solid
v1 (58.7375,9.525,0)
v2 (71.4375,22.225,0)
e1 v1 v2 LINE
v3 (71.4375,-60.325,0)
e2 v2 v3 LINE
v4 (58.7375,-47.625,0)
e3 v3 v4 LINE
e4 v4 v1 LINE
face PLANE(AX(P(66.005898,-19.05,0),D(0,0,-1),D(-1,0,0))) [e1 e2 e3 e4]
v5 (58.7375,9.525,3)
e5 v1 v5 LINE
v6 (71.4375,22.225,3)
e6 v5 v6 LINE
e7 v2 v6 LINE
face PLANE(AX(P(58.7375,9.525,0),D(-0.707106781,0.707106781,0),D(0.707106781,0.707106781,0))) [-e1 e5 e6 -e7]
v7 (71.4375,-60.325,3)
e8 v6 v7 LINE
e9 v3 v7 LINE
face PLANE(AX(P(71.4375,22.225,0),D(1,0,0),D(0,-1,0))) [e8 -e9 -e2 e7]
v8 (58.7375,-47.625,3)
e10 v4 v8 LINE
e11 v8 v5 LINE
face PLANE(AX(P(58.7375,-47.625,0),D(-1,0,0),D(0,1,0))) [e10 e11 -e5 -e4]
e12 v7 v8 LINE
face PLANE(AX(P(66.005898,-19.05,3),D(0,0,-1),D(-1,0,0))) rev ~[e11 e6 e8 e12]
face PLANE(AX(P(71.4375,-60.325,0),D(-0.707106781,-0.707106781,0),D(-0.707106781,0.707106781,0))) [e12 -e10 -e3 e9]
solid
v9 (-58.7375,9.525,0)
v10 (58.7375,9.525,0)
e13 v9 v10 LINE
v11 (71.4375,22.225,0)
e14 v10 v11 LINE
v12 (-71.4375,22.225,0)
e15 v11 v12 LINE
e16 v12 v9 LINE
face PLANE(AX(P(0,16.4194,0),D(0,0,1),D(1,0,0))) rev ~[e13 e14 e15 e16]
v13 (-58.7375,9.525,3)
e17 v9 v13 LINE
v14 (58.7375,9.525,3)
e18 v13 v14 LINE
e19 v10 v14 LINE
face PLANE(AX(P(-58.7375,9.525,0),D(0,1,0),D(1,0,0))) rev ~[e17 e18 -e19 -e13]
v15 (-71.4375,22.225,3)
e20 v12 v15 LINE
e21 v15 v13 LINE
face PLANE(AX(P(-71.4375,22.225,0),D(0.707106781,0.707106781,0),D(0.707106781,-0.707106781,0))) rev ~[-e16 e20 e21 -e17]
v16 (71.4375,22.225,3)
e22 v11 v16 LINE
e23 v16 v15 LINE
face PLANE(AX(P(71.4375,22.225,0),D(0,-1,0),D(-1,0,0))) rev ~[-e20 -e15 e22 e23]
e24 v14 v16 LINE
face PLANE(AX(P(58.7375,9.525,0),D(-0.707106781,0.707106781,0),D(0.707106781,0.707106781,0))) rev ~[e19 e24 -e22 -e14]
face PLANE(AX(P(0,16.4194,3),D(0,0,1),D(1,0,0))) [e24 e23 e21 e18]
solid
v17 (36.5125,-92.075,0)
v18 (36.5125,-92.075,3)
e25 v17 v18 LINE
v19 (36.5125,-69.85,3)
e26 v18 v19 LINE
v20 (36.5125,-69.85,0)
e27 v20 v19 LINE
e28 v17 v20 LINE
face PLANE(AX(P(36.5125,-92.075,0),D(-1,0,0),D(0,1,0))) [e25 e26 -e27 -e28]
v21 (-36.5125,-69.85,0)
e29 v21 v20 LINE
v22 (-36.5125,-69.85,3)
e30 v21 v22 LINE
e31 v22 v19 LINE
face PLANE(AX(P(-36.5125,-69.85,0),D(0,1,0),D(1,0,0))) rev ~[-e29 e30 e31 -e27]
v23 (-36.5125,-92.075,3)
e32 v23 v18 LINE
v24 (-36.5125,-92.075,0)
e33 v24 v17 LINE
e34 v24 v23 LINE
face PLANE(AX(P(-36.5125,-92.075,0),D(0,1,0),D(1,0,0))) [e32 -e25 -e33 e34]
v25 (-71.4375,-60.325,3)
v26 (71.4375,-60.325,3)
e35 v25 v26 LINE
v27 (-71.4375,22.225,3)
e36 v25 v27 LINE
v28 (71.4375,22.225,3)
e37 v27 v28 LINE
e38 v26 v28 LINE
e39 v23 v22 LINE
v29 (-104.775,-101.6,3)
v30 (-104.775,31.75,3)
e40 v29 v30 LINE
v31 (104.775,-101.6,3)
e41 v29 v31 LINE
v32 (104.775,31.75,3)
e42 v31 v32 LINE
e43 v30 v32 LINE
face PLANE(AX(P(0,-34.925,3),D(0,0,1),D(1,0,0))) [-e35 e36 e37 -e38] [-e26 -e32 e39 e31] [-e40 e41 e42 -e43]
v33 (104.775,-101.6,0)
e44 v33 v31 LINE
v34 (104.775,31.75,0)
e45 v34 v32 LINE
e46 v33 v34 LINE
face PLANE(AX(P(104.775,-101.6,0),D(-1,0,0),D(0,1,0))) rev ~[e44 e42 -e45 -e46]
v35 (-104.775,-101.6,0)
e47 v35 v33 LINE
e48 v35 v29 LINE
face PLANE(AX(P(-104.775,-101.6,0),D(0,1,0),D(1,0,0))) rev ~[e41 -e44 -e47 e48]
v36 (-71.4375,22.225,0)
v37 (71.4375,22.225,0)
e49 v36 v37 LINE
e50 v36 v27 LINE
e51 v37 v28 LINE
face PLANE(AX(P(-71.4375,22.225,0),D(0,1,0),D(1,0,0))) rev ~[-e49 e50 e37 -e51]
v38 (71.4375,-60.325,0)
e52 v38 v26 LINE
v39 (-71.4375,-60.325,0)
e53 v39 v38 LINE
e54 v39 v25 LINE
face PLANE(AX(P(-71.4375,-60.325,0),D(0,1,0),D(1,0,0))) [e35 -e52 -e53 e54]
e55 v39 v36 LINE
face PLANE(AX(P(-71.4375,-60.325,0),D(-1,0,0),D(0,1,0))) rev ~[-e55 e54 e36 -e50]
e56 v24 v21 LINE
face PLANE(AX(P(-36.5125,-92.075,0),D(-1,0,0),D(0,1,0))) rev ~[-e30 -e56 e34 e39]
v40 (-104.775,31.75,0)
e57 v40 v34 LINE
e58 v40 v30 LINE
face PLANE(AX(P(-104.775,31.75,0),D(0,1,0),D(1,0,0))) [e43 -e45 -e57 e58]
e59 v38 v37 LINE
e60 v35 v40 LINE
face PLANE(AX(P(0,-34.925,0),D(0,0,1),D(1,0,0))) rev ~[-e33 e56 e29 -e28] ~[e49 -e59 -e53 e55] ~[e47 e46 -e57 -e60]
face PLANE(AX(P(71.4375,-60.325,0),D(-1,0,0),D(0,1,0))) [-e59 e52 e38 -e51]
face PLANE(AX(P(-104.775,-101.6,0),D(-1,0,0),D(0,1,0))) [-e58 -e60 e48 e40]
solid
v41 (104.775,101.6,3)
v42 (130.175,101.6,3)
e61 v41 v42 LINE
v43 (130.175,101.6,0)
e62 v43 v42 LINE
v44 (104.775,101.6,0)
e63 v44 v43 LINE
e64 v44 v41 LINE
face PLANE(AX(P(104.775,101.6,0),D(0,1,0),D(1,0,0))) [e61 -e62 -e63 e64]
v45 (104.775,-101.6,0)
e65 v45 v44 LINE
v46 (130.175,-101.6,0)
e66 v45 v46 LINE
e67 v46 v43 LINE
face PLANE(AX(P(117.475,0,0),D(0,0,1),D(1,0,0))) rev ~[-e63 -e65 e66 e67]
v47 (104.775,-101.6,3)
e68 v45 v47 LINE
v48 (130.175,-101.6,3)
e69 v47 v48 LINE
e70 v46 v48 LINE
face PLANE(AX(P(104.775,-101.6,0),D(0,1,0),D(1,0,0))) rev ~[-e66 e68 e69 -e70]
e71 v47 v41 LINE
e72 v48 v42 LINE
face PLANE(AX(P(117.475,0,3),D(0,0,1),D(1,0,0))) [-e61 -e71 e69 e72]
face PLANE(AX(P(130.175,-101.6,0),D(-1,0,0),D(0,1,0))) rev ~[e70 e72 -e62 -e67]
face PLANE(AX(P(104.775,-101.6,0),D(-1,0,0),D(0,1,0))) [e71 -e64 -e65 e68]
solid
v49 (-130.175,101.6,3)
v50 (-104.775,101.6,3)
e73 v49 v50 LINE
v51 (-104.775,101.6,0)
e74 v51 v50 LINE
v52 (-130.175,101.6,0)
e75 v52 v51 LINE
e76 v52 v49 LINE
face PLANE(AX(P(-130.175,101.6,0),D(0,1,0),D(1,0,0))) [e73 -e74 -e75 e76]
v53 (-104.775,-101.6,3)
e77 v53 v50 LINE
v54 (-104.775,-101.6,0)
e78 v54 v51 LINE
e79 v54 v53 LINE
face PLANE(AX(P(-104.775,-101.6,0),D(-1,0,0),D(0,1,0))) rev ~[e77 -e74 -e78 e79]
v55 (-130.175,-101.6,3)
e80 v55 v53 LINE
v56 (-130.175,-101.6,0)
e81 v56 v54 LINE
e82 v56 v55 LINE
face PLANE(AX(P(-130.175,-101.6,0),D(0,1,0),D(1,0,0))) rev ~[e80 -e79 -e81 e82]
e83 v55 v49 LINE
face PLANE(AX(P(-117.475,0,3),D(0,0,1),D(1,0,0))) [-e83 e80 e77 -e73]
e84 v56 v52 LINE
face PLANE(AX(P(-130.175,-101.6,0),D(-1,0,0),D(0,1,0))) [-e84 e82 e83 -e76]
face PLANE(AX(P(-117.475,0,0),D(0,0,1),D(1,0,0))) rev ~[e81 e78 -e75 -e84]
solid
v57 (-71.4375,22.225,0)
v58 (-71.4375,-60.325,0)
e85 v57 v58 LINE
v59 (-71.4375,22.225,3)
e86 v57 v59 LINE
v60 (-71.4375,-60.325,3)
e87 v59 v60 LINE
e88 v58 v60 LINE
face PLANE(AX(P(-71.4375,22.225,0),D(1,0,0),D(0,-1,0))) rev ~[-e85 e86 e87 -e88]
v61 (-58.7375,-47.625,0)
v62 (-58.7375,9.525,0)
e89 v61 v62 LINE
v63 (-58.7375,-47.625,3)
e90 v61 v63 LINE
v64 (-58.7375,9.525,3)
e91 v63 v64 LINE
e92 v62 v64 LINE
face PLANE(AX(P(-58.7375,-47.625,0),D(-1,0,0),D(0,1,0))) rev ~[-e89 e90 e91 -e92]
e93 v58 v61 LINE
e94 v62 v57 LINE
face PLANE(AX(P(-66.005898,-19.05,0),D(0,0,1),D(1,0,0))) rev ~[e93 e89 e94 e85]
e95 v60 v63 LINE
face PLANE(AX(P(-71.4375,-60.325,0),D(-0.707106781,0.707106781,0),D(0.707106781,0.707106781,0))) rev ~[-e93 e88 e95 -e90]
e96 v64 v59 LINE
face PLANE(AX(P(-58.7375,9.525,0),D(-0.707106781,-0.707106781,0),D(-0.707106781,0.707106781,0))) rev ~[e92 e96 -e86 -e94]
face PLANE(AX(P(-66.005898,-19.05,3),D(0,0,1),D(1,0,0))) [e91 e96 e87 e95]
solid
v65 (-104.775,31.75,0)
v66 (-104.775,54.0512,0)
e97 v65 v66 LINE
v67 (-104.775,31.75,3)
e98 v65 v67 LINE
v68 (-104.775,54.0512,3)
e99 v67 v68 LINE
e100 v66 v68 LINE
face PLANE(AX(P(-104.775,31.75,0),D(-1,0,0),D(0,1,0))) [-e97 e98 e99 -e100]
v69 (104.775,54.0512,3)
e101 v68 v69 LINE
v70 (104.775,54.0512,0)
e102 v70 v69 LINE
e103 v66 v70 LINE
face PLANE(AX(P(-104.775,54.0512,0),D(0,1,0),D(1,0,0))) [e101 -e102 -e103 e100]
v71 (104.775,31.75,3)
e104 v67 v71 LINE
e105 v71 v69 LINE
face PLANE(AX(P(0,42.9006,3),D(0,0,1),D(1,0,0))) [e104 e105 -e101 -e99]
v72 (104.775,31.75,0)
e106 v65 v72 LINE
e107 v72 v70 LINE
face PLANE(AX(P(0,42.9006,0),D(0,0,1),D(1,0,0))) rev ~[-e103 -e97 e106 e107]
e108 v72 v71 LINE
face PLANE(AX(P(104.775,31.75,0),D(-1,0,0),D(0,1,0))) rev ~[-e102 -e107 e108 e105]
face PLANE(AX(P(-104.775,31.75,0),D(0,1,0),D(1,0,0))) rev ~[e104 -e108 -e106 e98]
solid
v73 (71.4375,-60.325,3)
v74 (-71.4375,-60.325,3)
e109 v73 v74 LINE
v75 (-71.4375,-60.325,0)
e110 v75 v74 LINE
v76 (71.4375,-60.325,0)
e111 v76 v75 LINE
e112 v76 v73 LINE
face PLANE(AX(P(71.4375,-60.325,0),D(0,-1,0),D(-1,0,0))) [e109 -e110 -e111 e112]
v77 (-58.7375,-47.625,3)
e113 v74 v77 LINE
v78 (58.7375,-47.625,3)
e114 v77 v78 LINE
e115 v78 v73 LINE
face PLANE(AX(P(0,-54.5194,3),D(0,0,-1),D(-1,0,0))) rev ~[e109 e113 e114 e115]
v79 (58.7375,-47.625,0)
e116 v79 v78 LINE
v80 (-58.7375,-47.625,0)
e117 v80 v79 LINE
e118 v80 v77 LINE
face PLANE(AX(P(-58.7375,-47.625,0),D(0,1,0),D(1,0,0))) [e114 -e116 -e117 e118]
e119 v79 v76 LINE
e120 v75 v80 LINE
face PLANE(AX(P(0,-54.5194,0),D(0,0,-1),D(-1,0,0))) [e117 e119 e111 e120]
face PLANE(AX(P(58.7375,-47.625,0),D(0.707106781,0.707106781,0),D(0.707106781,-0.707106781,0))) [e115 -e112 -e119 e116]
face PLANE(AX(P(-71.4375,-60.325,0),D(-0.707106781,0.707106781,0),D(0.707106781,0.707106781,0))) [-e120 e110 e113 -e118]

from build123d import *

# Parameters (mm, degrees)
SKETCH001_W   = 209.55
SKETCH001_H   = 133.35
SKETCH001_W_2 = 142.875
SKETCH001_H_2 = 82.55
SKETCH001_W_3 = 73.025
SKETCH001_H_3 = 22.225
PAD_DEPTH     = 3
SKETCH004_W   = 209.55
SKETCH004_H   = 22.3012
PAD001_DEPTH  = 3
SKETCH007_W   = 25.4
SKETCH007_H   = 203.2
PAD003_DEPTH  = 3
SKETCH009_W   = 25.4
SKETCH009_H   = 203.2
PAD004_DEPTH  = 3
PAD005_DEPTH  = 3
PAD006_DEPTH  = 3
PAD007_DEPTH  = 3
PAD008_DEPTH  = 3


with BuildPart() as main:
    # Sketch001 → Pad (new body)
    with BuildSketch(Plane.XY):
        with Locations((0, -34.925)):
            Rectangle(SKETCH001_W, SKETCH001_H)
        with Locations((0, -19.05)):
            Rectangle(SKETCH001_W_2, SKETCH001_H_2, mode=Mode.SUBTRACT)
        with Locations((0, -80.9625)):
            Rectangle(SKETCH001_W_3, SKETCH001_H_3, mode=Mode.SUBTRACT)
    extrude(amount=PAD_DEPTH)


with BuildPart() as top_flap:
    # Sketch004 → Pad001 (new body)
    with BuildSketch(Plane.XY):
        with Locations((0, 42.9006)):
            Rectangle(SKETCH004_W, SKETCH004_H)
    extrude(amount=PAD001_DEPTH)


with BuildPart() as side_l:
    # Sketch007 → Pad003 (new body)
    with BuildSketch(Plane.XY):
        with Locations((-117.475, 0)):
            Rectangle(SKETCH007_W, SKETCH007_H)
    extrude(amount=PAD003_DEPTH)


with BuildPart() as side_r:
    # Sketch009 → Pad004 (new body)
    with BuildSketch(Plane.XY):
        with Locations((117.475, 0)):
            Rectangle(SKETCH009_W, SKETCH009_H)
    extrude(amount=PAD004_DEPTH)


with BuildPart() as inner_right:
    # Sketch013 → Pad005 (new body)
    with BuildSketch(Plane.XY):
        Polygon((58.7375, 9.525), (71.4375, 22.225), (71.4375, -60.325), (58.7375, -47.625), align=None)
    extrude(amount=PAD005_DEPTH)


with BuildPart() as inner_left:
    # Sketch012 → Pad006 (new body)
    with BuildSketch(Plane.XY):
        Polygon((-71.4375, -60.325), (-58.7375, -47.625), (-58.7375, 9.525), (-71.4375, 22.225), align=None)
    extrude(amount=PAD006_DEPTH)


with BuildPart() as inner_bottom:
    # Sketch011 → Pad007 (new body)
    with BuildSketch(Plane.XY):
        Polygon((-71.4375, -60.325), (-58.7375, -47.625), (58.7375, -47.625), (71.4375, -60.325), align=None)
    extrude(amount=PAD007_DEPTH)


with BuildPart() as inner_top:
    # Sketch010 → Pad008 (new body)
    with BuildSketch(Plane.XY):
        Polygon((-58.7375, 9.525), (58.7375, 9.525), (71.4375, 22.225), (-71.4375, 22.225), align=None)
    extrude(amount=PAD008_DEPTH)


solid = Compound([main.part, top_flap.part, side_l.part, side_r.part, inner_right.part, inner_left.part, inner_bottom.part, inner_top.part])
